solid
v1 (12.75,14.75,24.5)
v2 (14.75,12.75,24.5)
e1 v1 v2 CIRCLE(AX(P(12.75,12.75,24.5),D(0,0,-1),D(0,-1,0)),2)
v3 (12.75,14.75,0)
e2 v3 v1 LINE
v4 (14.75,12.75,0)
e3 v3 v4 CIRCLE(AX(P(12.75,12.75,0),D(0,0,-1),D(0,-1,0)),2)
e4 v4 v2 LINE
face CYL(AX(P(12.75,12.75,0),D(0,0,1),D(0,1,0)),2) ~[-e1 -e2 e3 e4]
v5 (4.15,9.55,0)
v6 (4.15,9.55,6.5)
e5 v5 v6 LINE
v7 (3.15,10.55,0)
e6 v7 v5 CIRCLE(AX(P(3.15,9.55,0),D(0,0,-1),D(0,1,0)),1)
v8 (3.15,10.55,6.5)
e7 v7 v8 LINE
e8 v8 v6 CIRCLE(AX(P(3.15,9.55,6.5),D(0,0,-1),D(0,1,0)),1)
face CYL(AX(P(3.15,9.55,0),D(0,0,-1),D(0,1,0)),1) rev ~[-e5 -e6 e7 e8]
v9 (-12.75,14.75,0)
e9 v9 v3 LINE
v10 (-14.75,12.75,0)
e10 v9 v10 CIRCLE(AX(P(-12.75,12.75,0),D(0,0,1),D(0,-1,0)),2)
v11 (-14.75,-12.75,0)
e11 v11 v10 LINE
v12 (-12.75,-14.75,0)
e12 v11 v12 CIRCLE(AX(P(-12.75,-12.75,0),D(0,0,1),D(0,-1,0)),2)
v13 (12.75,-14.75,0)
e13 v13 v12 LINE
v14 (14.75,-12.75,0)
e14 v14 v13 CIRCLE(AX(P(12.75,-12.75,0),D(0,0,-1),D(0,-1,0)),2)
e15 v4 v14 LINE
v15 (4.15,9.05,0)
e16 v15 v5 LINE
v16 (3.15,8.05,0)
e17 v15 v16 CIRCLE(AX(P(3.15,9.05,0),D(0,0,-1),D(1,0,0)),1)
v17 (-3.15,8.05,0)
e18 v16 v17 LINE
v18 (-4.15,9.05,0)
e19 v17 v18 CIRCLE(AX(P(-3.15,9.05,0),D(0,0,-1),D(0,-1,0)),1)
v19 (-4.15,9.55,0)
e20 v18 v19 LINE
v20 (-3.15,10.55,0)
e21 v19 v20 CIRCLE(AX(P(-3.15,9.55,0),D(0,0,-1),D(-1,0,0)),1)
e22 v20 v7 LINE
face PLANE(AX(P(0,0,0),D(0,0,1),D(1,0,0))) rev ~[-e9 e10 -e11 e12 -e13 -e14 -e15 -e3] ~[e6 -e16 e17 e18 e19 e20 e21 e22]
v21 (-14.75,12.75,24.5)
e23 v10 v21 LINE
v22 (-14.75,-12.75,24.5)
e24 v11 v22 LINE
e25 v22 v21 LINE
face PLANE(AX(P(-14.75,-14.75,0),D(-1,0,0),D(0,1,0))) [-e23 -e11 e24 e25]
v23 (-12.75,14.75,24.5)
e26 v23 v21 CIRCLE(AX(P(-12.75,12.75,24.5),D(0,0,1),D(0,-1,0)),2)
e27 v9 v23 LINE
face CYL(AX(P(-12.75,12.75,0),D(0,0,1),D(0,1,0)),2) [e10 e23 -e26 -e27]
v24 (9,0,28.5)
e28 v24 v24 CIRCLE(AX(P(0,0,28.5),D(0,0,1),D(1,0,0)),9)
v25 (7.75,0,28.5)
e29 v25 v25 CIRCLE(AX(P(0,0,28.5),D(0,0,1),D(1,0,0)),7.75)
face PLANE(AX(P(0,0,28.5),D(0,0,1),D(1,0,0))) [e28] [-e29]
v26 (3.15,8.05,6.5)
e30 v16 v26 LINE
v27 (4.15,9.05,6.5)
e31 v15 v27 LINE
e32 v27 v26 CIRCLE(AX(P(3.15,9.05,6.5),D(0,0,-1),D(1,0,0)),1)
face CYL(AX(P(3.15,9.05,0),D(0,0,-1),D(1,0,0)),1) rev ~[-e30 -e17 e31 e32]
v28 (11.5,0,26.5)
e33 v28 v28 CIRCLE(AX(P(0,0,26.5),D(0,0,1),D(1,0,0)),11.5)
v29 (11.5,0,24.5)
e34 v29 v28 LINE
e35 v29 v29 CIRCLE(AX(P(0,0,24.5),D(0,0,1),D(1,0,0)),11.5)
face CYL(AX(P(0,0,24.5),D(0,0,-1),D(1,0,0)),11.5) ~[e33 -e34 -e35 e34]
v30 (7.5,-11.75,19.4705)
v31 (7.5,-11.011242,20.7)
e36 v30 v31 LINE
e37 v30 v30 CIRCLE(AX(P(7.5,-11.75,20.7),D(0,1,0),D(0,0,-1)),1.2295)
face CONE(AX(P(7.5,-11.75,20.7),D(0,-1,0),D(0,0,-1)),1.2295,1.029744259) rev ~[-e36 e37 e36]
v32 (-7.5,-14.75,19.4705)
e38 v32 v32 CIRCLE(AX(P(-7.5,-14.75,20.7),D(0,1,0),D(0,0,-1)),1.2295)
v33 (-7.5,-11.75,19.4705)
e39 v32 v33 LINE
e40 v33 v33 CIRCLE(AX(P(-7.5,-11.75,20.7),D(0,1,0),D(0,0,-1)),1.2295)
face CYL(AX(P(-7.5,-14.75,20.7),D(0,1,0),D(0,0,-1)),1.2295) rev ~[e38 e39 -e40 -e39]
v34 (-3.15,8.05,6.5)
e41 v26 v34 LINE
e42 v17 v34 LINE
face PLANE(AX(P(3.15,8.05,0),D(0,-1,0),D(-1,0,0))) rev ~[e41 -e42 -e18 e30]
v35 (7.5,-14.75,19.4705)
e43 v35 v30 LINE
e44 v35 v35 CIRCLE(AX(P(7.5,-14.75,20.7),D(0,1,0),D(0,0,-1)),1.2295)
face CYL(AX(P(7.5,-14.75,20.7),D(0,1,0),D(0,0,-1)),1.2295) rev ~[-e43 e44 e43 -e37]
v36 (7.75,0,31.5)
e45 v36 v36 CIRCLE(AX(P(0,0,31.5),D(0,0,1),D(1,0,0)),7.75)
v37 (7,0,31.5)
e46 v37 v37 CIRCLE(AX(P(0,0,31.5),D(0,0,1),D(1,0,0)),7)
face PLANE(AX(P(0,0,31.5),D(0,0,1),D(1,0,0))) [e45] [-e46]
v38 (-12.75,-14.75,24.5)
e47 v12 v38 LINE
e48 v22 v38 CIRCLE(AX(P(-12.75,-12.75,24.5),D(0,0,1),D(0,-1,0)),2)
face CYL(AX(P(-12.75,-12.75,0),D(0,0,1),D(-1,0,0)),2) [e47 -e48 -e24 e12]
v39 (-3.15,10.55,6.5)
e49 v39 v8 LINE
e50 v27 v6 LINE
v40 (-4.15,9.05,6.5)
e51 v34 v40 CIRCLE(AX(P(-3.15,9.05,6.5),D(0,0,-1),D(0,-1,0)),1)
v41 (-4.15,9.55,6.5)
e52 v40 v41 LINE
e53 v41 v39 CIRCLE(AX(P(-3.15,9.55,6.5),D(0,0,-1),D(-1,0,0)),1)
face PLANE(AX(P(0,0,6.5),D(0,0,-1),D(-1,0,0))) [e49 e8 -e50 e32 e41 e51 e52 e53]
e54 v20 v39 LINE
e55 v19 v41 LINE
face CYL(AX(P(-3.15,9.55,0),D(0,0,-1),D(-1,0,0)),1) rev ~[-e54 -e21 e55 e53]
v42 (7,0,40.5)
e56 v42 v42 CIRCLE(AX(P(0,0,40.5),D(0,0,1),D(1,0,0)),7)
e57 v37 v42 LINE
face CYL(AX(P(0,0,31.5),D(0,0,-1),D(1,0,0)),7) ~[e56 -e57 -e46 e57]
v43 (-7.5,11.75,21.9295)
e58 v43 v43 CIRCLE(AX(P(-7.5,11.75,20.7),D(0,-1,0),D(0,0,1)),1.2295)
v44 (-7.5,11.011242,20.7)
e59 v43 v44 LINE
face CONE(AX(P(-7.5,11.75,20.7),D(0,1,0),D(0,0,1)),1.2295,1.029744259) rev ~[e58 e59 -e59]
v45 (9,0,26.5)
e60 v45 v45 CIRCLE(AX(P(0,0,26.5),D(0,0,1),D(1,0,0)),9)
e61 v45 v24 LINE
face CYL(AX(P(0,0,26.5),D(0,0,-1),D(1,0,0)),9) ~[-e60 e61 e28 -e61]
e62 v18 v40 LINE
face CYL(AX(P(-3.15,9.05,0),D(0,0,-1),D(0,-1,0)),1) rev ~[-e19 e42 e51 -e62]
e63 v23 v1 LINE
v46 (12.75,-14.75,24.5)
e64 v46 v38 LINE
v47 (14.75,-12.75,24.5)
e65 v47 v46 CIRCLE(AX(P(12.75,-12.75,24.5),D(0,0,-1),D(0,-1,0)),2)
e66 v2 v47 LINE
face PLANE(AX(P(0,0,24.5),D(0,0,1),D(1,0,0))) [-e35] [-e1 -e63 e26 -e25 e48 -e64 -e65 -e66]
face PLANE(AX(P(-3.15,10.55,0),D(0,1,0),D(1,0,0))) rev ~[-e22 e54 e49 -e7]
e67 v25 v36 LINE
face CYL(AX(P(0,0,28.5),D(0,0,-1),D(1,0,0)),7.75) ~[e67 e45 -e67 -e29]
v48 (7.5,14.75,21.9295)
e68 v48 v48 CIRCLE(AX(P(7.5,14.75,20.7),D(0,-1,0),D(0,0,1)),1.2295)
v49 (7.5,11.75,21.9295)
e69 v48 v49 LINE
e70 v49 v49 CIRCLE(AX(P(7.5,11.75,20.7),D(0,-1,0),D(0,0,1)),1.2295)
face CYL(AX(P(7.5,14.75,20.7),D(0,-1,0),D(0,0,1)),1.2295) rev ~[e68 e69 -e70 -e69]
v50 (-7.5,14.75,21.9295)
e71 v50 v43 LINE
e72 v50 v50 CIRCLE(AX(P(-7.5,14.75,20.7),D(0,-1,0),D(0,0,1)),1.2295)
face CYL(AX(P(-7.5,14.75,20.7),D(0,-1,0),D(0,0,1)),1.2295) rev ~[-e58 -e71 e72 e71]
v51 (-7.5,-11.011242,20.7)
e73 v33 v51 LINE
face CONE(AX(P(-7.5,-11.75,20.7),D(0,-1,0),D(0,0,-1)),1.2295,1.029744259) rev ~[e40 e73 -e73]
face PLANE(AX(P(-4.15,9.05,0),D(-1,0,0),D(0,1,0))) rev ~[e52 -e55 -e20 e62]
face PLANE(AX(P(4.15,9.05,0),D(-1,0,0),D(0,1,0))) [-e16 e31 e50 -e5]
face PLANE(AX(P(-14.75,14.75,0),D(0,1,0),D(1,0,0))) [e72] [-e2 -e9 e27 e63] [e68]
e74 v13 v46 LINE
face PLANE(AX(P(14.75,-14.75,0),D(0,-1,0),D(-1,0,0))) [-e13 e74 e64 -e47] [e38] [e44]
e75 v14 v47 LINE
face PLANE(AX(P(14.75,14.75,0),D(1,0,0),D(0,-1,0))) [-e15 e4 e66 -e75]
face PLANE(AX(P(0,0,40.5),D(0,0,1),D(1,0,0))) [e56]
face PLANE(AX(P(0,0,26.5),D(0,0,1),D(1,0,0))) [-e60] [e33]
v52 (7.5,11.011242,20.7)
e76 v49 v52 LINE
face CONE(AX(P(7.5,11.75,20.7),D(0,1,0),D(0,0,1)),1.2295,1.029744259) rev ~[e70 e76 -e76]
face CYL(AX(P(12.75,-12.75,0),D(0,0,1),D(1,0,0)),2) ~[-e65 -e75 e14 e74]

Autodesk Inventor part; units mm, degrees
ref_plane "YZ Plane" through (0, 0, 0) normal (1, 0, 0) x (0, 1, 0)
ref_plane "XZ Plane" through (0, 0, 0) normal (0, 1, 0) x (-1, 0, 0)
ref_plane "XY Plane" through (0, 0, 0) normal (0, 0, 1) x (1, 0, 0)
sketch "Sketch1" plane through (0, 0, 0) normal (0, 0, 1) x (1, 0, 0)
  line L0 (-14.75, 14.75) -> (14.75, 14.75)
  line L1 (14.75, 14.75) -> (14.75, -14.75)
  line L2 (14.75, -14.75) -> (-14.75, -14.75)
  line L3 (-14.75, -14.75) -> (-14.75, 14.75)
  line L4 (0, 0) -> (0, 4.6825) construction
  line L5 (0, 0) -> (4.0135, 0) construction
  dimension "d0" = 29.5
  dimension "d1" = 29.5
extrude "Extrusion1" add sketch "Sketch1" along normal blind 24.5
sketch "Sketch2" plane through (0, 0, 24.5) normal (0, 0, 1) x (1, 0, 0)
  circle A0 centre (0, 0) radius 11.5
  dimension "d4" = 23
extrude "Extrusion2" add sketch "Sketch2" along normal blind 2
sketch "Sketch3" plane through (0, 0, 26.5) normal (0, 0, 1) x (1, 0, 0)
  circle A0 centre (0, 0) radius 9
  dimension "d7" = 18
extrude "Extrusion3" add sketch "Sketch3" along normal blind 2
sketch "Sketch4" plane through (0, 0, 28.5) normal (0, 0, 1) x (1, 0, 0)
  circle A0 centre (0, 0) radius 7.75
  dimension "d10" = 15.5
extrude "Extrusion4" add sketch "Sketch4" along normal blind 3
sketch "Sketch5" plane through (0, 0, 31.5) normal (0, 0, 1) x (1, 0, 0)
  circle A0 centre (0, 0) radius 7
  dimension "d13" = 14
extrude "Extrusion5" add sketch "Sketch5" along normal blind 9
sketch "Sketch6" plane through (-14.75, 14.75, 0) normal (0, 1, 0) x (1, 0, 0)
  line L0 (29.5, -24.5) -> (0, -24.5) projected
  line L1 (0, 0) -> (0, -24.5) projected
  point P0 (14.75, 0)
  point P1 (7.25, -20.7)
  point P2 (22.25, -20.7)
  dimension "d16" = 15
  dimension "d17" = 3.8
  dimension "d18" = 7.25
hole "Hole1" at (-7.5, 14.75, 20.7) at (7.5, 14.75, 20.7) direction (0, -1, 0) diameter 2.459 depth 3 tip angle 118 thread size "M3x0.5" class "6H" standard "ISO Metric profile"
fillet "Fillet1" radius 2 4 edges at (14.75, 14.75, 12.25) (-14.75, 14.75, 12.25) (-14.75, -14.75, 12.25) (14.75, -14.75, 12.25)
sketch "Sketch7" plane through (-12.75, -14.75, 0) normal (0, -1, 0) x (1, 0, 0)
  line L0 (0, 24.5) -> (25.5, 24.5) projected
  line L1 (-2, 24.5) -> (-2, 0) projected
  point P0 (12.75, 0)
  point P1 (5.25, 20.7)
  point P2 (20.25, 20.7)
  dimension "d27" = 15
  dimension "d28" = 3.8
  dimension "d29" = 7.25
hole "Hole2" at (-7.5, -14.75, 20.7) at (7.5, -14.75, 20.7) direction (0, 1, 0) diameter 2.459 depth 3 tip angle 118 thread size "M3x0.5" class "6H" standard "ISO Metric profile"
sketch "Sketch8" plane through (0, 0, 0) normal (0, 0, -1) x (-1, 0, 0)
  line L0 (5.0435, 9.3) -> (-5.0435, 9.3) construction
  line L1 (3.15, 10.55) -> (-3.15, 10.55)
  line L2 (-3.15, 8.05) -> (3.15, 8.05)
  line L3 (0, 0) -> (-20.3594, 0) construction
  line L4 (0, 0) -> (0, -6.0077) construction
  line L5 (4.15, 9.05) -> (4.15, 9.55)
  line L6 (-4.15, 9.05) -> (-4.15, 9.55)
  arc A0 (3.15, 8.05) -> (4.15, 9.05) centre (3.15, 9.05) ccw
  arc A1 (4.15, 9.55) -> (3.15, 10.55) centre (3.15, 9.55) ccw
  arc A2 (-3.15, 10.55) -> (-4.15, 9.55) centre (-3.15, 9.55) ccw
  arc A3 (-4.15, 9.05) -> (-3.15, 8.05) centre (-3.15, 9.05) ccw
  point P0 (-4.15, 8.05)
  point P1 (4.15, 8.05)
  point P2 (0, 9.3)
  point P3 (-4.15, 10.55)
  dimension "d37" = 9.3
  dimension "d38" = 8.3
  dimension "d39" = 2.5
  dimension "d41" = 1
extrude "Extrusion6" cut sketch "Sketch8" against normal blind 6.5
properties part number "3d_JacintoDevKit_Addon - Camera"
